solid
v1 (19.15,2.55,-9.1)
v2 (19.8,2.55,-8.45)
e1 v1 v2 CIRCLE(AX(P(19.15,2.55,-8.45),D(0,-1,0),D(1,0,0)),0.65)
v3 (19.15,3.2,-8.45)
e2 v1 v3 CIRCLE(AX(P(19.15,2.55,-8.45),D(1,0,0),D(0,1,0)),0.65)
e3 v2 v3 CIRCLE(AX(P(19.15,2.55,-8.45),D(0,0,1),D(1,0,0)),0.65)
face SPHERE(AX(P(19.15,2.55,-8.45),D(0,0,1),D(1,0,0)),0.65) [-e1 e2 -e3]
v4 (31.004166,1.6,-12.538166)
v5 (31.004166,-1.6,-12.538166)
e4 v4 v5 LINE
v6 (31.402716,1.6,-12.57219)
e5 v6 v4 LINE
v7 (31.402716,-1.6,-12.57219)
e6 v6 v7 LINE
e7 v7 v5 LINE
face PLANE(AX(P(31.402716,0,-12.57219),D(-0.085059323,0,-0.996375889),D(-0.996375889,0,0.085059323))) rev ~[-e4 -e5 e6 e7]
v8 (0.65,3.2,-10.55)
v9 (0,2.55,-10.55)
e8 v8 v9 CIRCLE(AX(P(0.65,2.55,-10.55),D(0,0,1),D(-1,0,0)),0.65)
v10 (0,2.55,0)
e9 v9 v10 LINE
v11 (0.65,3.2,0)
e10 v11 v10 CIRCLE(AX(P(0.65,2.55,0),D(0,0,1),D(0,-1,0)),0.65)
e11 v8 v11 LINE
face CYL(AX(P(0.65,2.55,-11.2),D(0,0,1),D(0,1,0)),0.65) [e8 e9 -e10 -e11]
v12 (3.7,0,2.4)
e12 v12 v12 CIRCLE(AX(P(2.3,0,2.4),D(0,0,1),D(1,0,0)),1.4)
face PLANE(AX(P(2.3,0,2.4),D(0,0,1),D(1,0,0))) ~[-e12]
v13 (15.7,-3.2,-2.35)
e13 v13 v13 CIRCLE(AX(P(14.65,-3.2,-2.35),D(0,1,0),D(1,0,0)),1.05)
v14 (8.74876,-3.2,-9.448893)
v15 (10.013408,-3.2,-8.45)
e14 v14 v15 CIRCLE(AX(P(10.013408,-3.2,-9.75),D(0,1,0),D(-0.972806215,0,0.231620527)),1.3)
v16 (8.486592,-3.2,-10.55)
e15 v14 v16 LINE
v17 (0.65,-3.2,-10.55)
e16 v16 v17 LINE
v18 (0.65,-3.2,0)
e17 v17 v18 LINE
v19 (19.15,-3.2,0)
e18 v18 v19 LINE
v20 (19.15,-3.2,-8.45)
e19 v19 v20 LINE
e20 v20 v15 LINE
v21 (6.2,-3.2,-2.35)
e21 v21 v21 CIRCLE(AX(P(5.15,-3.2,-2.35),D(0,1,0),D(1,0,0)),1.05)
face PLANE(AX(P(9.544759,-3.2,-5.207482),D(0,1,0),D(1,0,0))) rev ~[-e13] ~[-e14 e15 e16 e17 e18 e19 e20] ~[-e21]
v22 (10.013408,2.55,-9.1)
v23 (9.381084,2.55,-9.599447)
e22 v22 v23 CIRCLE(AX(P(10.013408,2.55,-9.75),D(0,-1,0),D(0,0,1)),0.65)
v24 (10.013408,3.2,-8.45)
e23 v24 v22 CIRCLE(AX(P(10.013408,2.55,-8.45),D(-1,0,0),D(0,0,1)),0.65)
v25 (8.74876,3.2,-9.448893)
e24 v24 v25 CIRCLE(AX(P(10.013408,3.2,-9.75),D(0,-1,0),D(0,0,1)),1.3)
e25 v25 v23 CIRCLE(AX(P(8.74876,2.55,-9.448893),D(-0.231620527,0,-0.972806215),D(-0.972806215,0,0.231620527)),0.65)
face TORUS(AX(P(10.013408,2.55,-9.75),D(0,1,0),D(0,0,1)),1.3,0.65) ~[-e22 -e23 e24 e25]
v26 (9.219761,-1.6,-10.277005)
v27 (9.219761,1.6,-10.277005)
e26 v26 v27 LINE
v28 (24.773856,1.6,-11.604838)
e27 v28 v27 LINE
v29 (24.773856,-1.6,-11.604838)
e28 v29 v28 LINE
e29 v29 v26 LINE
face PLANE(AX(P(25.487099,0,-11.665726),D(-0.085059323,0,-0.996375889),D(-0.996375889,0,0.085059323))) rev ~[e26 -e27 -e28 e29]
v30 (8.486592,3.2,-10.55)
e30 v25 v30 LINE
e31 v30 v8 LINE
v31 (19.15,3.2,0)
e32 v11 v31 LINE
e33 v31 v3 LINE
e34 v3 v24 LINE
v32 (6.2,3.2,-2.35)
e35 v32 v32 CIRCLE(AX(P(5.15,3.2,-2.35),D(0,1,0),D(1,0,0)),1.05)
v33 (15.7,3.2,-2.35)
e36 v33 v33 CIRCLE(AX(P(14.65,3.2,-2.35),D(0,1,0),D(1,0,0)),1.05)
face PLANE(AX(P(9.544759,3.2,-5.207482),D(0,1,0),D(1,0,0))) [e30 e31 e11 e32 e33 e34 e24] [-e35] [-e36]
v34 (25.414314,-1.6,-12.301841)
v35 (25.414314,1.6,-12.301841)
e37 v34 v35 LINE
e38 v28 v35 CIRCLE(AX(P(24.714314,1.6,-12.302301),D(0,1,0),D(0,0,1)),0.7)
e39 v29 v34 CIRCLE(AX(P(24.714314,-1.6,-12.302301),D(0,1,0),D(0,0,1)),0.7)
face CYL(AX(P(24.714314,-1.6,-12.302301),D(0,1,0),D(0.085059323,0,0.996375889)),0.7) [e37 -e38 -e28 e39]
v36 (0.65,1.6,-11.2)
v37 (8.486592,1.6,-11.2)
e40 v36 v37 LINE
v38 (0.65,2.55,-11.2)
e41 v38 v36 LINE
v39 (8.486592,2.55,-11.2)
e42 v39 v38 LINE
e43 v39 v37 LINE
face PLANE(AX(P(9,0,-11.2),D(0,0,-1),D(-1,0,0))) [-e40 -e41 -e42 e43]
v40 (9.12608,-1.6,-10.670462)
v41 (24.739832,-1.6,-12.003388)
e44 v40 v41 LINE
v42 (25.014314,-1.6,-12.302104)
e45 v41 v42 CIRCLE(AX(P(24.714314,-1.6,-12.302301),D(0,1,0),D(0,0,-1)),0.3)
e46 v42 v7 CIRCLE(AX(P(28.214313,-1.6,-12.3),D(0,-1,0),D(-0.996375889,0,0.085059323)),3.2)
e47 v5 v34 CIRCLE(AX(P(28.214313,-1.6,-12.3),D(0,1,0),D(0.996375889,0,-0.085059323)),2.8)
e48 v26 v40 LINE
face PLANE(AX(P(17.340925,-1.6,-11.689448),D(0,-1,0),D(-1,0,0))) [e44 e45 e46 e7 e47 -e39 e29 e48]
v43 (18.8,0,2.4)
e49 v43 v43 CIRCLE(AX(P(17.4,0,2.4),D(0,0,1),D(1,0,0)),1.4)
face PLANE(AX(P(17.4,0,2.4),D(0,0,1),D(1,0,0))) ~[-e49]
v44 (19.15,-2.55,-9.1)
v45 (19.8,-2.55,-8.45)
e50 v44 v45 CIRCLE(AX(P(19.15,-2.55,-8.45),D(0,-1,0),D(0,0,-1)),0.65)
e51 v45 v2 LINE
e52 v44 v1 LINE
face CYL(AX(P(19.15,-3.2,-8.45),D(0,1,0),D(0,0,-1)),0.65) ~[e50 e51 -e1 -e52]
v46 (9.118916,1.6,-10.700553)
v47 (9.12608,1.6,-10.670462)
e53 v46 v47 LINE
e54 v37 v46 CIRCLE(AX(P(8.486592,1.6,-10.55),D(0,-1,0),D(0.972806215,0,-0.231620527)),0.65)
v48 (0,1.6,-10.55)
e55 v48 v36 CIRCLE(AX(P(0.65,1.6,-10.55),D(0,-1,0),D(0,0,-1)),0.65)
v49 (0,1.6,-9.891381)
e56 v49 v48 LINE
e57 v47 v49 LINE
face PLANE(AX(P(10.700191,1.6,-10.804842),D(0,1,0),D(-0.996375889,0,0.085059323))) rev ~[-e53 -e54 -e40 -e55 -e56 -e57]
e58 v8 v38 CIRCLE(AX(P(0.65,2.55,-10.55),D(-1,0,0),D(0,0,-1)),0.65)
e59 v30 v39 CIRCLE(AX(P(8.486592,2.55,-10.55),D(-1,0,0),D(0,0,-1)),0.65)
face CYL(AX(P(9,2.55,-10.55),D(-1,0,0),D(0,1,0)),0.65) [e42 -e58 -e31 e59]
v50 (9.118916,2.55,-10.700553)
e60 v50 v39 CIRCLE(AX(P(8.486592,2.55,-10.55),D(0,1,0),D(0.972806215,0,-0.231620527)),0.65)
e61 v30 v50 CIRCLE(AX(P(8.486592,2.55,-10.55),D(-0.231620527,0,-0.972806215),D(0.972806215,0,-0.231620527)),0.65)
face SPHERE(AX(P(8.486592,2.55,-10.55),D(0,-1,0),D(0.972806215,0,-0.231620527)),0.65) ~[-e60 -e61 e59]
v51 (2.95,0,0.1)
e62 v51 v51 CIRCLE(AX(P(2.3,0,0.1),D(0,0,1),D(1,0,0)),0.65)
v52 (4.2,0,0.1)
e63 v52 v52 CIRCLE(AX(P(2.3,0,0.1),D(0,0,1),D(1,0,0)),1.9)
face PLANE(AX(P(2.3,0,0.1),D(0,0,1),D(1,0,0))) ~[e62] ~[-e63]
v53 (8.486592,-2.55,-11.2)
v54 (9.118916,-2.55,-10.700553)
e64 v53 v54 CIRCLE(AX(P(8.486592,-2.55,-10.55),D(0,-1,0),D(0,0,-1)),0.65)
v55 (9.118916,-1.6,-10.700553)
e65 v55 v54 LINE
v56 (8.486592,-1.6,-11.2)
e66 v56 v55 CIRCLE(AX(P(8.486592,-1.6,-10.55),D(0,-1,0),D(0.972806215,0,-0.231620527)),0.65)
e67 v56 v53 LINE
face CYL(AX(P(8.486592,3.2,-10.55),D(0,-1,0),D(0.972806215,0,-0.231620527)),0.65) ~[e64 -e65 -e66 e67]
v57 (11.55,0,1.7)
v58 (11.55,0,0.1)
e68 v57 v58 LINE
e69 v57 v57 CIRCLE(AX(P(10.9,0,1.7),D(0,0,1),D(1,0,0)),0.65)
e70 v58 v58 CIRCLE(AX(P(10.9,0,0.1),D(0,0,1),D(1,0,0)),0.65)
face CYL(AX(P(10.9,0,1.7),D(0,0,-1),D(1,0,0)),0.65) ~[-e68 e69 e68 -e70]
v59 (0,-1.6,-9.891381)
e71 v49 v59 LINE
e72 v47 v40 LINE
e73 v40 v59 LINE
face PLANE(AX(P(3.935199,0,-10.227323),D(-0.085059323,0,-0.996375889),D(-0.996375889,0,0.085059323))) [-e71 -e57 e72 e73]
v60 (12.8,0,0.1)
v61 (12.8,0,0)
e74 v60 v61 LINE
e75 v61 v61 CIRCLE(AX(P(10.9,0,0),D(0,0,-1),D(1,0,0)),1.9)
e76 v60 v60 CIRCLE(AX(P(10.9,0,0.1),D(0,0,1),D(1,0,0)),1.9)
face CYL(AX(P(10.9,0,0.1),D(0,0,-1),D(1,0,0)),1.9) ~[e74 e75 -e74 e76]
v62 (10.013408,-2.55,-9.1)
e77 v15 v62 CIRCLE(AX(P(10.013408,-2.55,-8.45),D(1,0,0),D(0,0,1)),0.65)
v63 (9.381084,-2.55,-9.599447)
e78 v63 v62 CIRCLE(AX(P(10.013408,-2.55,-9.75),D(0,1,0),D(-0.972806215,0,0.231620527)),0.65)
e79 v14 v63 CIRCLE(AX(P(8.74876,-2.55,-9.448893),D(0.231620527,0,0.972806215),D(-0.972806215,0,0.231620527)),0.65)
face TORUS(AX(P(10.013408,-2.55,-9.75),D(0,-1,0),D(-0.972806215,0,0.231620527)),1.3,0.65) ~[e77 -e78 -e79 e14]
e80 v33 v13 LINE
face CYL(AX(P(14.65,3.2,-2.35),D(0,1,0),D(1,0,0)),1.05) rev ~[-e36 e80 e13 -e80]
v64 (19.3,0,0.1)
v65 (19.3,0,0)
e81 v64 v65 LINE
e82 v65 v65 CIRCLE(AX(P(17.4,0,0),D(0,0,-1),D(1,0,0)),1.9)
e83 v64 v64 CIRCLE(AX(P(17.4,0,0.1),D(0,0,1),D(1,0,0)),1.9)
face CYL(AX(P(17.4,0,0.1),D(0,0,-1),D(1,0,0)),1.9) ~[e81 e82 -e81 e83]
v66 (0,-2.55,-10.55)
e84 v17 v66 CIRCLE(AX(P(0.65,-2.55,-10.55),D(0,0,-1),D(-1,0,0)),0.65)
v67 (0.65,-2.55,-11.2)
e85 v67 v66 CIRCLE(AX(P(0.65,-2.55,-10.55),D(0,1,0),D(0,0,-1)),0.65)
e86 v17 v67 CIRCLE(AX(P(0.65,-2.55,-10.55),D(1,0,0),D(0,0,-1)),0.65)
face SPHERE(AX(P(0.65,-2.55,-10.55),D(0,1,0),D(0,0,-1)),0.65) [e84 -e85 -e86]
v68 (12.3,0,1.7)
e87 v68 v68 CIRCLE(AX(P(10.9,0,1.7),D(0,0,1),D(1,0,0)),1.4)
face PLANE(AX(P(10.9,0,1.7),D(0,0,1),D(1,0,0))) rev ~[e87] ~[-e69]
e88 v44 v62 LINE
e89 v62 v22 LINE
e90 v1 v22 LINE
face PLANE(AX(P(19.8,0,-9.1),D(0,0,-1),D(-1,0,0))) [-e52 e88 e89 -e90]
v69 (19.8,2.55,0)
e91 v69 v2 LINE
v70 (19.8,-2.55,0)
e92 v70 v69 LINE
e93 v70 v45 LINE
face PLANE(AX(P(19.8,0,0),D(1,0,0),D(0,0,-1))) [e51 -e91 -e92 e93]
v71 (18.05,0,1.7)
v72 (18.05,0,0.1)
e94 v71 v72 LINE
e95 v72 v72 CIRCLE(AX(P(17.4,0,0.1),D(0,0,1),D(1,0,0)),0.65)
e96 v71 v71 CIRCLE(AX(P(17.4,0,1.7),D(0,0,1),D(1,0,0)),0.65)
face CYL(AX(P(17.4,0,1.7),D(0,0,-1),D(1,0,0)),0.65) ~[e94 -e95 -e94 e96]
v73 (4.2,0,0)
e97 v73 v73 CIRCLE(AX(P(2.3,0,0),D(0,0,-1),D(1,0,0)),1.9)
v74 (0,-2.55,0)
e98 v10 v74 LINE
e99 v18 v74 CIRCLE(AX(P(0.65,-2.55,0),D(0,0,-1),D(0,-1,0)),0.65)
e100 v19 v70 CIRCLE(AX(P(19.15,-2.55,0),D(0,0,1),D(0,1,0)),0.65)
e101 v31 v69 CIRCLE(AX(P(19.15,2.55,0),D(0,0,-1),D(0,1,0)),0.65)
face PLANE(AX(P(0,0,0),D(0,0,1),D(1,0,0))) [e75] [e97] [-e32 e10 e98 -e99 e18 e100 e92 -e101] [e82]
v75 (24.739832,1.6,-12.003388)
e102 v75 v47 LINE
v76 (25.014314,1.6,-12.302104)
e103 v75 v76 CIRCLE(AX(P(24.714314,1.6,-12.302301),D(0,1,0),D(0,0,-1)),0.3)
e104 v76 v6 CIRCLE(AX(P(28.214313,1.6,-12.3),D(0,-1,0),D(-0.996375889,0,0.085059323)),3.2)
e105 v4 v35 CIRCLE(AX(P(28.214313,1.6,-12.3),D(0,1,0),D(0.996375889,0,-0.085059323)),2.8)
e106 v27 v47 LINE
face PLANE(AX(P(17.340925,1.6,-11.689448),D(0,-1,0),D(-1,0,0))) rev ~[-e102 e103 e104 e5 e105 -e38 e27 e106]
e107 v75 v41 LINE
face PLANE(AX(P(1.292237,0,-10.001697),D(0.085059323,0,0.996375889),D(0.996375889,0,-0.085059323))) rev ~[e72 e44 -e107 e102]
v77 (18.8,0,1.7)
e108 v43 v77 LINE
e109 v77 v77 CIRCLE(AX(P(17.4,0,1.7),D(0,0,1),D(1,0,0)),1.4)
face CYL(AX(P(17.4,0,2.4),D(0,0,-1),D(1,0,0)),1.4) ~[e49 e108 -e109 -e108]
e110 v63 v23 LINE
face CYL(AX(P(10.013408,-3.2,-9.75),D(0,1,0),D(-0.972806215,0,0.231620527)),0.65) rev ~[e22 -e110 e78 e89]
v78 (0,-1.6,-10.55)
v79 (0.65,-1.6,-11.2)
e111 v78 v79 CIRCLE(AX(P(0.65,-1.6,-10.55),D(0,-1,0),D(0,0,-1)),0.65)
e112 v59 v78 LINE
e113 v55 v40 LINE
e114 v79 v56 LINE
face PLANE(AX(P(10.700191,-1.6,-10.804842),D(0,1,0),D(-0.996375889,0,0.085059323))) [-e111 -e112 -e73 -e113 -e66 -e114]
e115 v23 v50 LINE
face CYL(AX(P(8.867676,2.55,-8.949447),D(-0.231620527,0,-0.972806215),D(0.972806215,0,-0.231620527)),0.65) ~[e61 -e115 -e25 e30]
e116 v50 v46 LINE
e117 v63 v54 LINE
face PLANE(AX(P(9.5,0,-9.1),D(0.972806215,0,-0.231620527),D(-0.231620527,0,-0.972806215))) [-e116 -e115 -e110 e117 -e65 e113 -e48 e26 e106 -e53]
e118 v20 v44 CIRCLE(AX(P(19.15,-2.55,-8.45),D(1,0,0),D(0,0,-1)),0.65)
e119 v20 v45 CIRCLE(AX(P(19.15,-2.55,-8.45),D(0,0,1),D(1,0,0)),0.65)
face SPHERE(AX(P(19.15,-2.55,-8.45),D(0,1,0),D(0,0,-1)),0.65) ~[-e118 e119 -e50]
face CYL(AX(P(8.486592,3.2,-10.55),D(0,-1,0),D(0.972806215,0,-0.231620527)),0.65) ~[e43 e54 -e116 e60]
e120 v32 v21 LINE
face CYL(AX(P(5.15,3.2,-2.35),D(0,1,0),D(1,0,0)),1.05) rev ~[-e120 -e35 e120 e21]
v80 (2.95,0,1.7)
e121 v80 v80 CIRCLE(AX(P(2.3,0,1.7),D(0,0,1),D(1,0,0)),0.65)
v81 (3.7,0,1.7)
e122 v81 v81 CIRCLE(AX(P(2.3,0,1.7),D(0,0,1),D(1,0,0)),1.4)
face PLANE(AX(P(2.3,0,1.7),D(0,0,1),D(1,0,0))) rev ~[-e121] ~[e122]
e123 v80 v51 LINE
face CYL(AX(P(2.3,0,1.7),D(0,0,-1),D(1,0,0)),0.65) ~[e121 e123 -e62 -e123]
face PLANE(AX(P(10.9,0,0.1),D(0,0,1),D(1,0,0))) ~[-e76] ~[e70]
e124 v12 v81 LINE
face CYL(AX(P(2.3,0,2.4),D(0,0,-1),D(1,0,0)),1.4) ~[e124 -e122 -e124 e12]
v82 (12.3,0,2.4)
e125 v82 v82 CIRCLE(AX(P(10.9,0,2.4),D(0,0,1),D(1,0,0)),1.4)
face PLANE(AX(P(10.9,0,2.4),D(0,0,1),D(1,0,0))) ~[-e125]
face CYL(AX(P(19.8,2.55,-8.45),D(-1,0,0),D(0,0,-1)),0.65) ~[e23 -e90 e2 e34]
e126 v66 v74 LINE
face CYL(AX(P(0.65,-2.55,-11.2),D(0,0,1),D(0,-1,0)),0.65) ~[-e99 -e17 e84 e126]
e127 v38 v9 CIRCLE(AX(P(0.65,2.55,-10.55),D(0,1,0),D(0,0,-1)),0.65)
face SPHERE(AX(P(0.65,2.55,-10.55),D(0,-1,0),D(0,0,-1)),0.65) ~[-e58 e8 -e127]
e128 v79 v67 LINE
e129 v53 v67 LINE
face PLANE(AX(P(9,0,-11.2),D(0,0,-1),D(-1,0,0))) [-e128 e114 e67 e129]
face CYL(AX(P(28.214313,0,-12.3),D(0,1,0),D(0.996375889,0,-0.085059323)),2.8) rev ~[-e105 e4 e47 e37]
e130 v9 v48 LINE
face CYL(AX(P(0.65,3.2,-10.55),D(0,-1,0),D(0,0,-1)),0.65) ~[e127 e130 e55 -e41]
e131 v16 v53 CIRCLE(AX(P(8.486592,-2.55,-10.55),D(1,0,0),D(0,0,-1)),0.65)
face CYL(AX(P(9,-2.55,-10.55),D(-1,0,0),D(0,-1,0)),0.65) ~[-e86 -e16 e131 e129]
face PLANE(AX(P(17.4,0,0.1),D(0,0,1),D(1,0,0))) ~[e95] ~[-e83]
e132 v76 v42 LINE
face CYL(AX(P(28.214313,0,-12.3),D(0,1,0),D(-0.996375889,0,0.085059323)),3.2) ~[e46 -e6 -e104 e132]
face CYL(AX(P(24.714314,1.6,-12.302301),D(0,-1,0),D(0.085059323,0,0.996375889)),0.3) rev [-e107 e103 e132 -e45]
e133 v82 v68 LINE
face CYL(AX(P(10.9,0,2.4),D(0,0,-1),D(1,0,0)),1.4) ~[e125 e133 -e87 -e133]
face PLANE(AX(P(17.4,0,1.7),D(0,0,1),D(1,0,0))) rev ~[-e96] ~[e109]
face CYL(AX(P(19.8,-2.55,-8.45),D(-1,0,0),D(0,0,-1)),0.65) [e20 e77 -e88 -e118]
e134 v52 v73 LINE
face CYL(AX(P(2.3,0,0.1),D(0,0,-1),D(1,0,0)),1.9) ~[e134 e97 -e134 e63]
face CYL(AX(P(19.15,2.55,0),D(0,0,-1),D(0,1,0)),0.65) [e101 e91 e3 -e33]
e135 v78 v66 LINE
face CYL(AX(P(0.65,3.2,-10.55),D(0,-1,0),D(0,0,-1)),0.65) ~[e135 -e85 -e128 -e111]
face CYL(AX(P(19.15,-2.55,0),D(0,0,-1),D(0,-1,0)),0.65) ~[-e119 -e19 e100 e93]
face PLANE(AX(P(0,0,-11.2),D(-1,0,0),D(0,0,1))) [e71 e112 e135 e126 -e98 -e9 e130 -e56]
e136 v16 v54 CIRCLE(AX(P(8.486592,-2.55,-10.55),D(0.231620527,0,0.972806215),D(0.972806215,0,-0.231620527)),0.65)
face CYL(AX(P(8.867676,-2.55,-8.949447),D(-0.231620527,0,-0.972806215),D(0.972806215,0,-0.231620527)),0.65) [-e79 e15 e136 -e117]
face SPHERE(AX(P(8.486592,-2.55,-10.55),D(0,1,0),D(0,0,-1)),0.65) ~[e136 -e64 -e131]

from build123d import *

# Parameters (mm, degrees)
BOSS_EXTRUDE1_DEPTH = 3.2
SKETCH3_R           = 1.05
CUT_EXTRUDE1_DEPTH  = 16.4
EXTRUDE_THIN1_DEPTH = 1.6
FILLET1_R           = 0.65
SKETCH5_W           = 13.579197801
SKETCH5_H           = 3.2
CUT_EXTRUDE2_DEPTH  = 16.4
FILLET2_R           = 0.3
FILLET3_R           = 0.7
LPATTERN1_COUNT     = 2
LPATTERN1_PITCH     = 15.1
LPATTERN2_COUNT     = 2
LPATTERN2_PITCH     = 8.6


with BuildPart() as part:
    # Sketch2 → Boss-Extrude1 (new, symmetric)
    with BuildSketch(Plane(origin=(0, 0, 0), x_dir=(1, 0, 0), z_dir=(0, 1, 0))):
        Polygon((0, 0), (19.8, 0), (19.8, 9.1), (9.5, 9.1), (9, 11.2), (0, 11.2), align=None)
    extrude(amount=BOSS_EXTRUDE1_DEPTH, both=True)

    # Sketch3 → Cut-Extrude1 (cut)
    with BuildSketch(Plane(origin=(0, 3.2, 0), x_dir=(1, 0, 0), z_dir=(0, 1, 0))):
        with Locations((5.15, 2.35)):
            Circle(SKETCH3_R)
        with Locations((14.65, 2.35)):
            Circle(SKETCH3_R)
    extrude(amount=-CUT_EXTRUDE1_DEPTH, mode=Mode.SUBTRACT)

    # Sketch4 → Extrude-Thin1 (add, symmetric)
    with BuildSketch(Plane(origin=(0, 0, 0), x_dir=(1, 0, 0), z_dir=(0, 1, 0))):
        with BuildLine():
            Line((1.292236799, 10.001697091), (25.025910468, 12.027810166))
            ThreePointArc((25.025910468, 12.027810166), (27.942123478, 15.488402844), (31.402716155, 12.572189834))
            Line((31.402716155, 12.572189834), (31.0041658, 12.538166105))
            ThreePointArc((31.0041658, 12.538166105), (27.776970564, 15.065633982), (25.487099181, 11.665726334))
            Line((25.487099181, 11.665726334), (1.326260528, 9.603146736))
            Line((1.326260528, 9.603146736), (1.292236799, 10.001697091))
        make_face()
    extrude(amount=EXTRUDE_THIN1_DEPTH, both=True)

    # Fillet1
    fillet1_edges = [part.edges().sort_by_distance(p)[0] for p in [
        (0, 0, -11.2),
        (0, 3.2, -5.6),
        (0, -3.2, -5.6),
        (9.25, -3.2, -10.15),
        (9, 0, -11.2),
        (14.65, -3.2, -9.1),
        (19.8, -3.2, -4.55),
        (9.5, 0, -9.1),
        (19.8, 0, -9.1),
        (19.8, 3.2, -4.55),
        (14.65, 3.2, -9.1),
        (9.25, 3.2, -10.15),
        (4.5, -3.2, -11.2),
        (4.5, 3.2, -11.2),
    ]]
    fillet(fillet1_edges, radius=FILLET1_R)

    # Sketch5 → Cut-Extrude2 (cut)
    with BuildSketch(Plane(origin=(-0.838304969, 0, -9.819815492), x_dir=(-0.9963758886901375, 0, 0.08505932304538345), z_dir=(-0.08505932304538345, 0, -0.9963758886901375))):
        with Locations((-4.790866227, 0)):
            Rectangle(SKETCH5_W, SKETCH5_H)
    extrude(amount=CUT_EXTRUDE2_DEPTH, mode=Mode.SUBTRACT)

    # Fillet2
    fillet2_edges = [part.edges().sort_by_distance(p)[0] for p in [
        (25.025910468, 0, -12.027810166),
    ]]
    fillet(fillet2_edges, radius=FILLET2_R)

    # Fillet3
    fillet3_edges = [part.edges().sort_by_distance(p)[0] for p in [
        (25.487099181, 0, -11.665726334),
    ]]
    fillet(fillet3_edges, radius=FILLET3_R)

    # Sketch6 → Revolve1 (revolve)
    with BuildSketch(Plane(origin=(0, 0, 0), x_dir=(1, 0, 0), z_dir=(0, 1, 0))):
        Polygon((2.3, 0.658981297), (2.3, -2.4), (3.7, -2.4), (3.7, -1.7), (2.95, -1.7), (2.95, -0.1), (4.2, -0.1), (4.2, 0.658981297), align=None)
    revolve1 = revolve(axis=Axis((2.3, 0, -0.658981297), (0, 0, 1)))

    # LPattern1: Revolve1 ×2
    with Locations(*[(i * LPATTERN1_PITCH, 0, 0) for i in range(1, LPATTERN1_COUNT)]):
        add(revolve1)

    # LPattern2: Revolve1 ×2
    with Locations(*[(i * LPATTERN2_PITCH, 0, 0) for i in range(1, LPATTERN2_COUNT)]):
        add(revolve1)


solid = part.part
